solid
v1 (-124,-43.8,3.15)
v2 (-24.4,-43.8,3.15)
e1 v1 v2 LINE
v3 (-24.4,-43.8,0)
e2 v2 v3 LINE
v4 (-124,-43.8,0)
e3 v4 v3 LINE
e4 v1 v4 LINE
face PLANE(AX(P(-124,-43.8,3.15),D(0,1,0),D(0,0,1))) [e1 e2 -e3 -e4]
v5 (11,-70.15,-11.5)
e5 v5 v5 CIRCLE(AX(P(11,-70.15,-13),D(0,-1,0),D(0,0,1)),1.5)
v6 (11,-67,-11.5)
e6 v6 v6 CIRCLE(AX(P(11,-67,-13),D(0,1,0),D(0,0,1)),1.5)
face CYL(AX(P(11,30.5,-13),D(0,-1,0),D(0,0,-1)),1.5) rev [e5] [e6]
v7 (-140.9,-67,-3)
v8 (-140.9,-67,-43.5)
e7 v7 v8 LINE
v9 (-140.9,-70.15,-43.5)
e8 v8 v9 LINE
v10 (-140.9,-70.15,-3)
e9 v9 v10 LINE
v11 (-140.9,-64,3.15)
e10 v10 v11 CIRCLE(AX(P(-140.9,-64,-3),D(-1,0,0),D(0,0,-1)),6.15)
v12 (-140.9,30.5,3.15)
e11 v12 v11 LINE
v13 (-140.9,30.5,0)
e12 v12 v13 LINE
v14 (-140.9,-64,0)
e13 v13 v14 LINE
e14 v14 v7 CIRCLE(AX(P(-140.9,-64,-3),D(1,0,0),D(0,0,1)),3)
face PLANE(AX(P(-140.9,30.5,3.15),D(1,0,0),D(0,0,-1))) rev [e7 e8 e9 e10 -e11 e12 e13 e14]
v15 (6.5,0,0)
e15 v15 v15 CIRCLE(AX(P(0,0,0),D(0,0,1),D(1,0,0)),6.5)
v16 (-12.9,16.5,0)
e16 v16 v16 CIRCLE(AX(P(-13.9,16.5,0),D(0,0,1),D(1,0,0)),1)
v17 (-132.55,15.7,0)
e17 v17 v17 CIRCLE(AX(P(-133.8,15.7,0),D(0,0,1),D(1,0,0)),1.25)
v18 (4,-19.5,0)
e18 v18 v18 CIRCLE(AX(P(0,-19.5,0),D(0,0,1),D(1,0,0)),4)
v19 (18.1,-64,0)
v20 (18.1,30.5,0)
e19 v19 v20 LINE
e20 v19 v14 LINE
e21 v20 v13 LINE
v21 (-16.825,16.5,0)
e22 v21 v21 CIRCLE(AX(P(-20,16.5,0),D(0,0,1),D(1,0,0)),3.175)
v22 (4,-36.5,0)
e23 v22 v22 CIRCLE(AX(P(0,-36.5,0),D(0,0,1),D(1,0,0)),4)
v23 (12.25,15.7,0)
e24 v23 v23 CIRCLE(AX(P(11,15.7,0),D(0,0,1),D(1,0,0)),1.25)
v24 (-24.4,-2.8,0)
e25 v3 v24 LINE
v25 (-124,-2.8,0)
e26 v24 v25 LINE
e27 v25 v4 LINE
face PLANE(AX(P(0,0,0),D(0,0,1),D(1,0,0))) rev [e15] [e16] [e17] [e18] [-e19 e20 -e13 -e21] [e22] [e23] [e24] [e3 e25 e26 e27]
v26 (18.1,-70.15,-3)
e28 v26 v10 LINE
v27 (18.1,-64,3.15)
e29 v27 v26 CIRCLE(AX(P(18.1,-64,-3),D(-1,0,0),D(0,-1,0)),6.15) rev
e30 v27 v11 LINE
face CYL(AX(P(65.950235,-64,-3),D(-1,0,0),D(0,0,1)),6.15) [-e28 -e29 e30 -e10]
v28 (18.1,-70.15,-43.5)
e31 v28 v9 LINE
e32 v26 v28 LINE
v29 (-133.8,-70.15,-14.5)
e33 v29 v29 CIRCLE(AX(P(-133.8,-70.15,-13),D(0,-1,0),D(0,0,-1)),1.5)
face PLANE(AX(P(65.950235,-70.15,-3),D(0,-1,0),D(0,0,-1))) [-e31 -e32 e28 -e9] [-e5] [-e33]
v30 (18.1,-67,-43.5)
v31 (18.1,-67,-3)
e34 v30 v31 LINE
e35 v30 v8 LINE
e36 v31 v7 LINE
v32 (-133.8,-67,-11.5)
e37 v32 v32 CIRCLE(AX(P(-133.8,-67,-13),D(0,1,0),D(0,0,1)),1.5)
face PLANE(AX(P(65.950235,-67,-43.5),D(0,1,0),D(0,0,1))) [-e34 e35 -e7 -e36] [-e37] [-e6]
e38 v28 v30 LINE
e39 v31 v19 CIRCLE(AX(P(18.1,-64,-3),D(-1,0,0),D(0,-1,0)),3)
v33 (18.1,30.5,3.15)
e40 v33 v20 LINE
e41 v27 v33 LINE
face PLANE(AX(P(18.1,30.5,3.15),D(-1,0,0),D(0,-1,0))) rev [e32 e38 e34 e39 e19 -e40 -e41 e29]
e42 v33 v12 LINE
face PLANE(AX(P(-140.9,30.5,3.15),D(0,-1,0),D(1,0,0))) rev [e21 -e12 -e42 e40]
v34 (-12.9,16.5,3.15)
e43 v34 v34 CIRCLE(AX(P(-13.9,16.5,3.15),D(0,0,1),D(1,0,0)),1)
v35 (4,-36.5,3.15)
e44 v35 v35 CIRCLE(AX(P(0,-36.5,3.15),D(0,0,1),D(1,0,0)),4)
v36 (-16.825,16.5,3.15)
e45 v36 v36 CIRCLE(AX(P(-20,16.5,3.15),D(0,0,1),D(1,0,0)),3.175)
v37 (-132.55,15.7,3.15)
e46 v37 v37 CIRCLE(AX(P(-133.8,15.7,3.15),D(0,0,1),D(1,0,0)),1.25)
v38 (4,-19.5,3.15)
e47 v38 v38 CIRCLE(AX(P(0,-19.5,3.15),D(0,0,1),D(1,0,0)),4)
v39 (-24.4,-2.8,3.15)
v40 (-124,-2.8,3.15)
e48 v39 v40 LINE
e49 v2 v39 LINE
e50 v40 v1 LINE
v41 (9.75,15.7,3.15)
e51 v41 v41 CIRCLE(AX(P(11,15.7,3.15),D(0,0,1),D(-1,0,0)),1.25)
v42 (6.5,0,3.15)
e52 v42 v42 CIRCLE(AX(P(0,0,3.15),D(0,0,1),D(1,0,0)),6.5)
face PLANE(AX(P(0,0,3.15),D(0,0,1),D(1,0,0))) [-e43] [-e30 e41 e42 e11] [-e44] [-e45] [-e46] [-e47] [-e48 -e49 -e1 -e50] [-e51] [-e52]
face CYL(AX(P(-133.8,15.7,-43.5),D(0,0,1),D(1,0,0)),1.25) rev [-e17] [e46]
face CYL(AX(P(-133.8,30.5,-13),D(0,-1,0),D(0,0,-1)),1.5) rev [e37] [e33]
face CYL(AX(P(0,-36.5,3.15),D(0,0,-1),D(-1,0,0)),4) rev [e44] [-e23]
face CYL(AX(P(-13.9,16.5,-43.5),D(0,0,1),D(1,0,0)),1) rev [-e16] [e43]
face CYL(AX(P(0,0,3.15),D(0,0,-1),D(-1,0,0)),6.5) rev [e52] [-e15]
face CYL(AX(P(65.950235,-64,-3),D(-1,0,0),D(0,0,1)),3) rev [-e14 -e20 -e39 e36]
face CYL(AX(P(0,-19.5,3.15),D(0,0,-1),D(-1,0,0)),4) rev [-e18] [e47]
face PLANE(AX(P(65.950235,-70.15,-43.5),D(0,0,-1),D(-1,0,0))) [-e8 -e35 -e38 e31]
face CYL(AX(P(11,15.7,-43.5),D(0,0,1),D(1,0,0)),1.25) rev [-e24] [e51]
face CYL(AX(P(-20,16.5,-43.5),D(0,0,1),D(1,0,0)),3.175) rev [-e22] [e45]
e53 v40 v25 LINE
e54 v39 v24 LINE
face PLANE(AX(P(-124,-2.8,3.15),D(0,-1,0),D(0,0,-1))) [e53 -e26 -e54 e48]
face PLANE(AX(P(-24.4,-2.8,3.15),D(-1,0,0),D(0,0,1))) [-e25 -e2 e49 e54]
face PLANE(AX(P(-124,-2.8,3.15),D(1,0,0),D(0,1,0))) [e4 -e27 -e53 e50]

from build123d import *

# Parameters (mm, degrees)
SKETCH22_W          = 159
SKETCH22_H          = 90
SKETCH22_R          = 4
SKETCH22_R_2        = 6.5
SKETCH22_W_2        = 99.6
SKETCH22_H_2        = 41
BOSS_EXTRUDE1_DEPTH = 3.15
BOSS_EXTRUDE2_DEPTH = 159
SKETCH25_R          = 1.25
CUT_EXTRUDE1_DEPTH  = 47.65
SKETCH26_R          = 1.5
CUT_EXTRUDE2_DEPTH  = 101.65
SKETCH28_R          = 3.175
SKETCH28_R_2        = 1
CUT_EXTRUDE3_DEPTH  = 47.65


with BuildPart() as part:
    # Sketch22 → Boss-Extrude1 (new body)
    with BuildSketch(Plane.XY):
        with Locations((-61.4, -14.5)):
            Rectangle(SKETCH22_W, SKETCH22_H)
        with Locations((0, -19.5)):
            Circle(SKETCH22_R, mode=Mode.SUBTRACT)
        with Locations((0, -36.5)):
            Circle(SKETCH22_R, mode=Mode.SUBTRACT)
        Circle(SKETCH22_R_2, mode=Mode.SUBTRACT)
        with Locations((-74.2, -23.3)):
            Rectangle(SKETCH22_W_2, SKETCH22_H_2, mode=Mode.SUBTRACT)
    extrude(amount=BOSS_EXTRUDE1_DEPTH)

    # Sketch23 → Boss-Extrude2 (add)
    with BuildSketch(Plane.ZY.offset(140.9)):
        with BuildLine():
            Line((0, -59.5), (3.15, -59.5))
            Line((3.15, -59.5), (3.15, -64))
            ThreePointArc((3.15, -64), (1.348706704, -68.348706704), (-3, -70.15))
            Line((-3, -70.15), (-43.5, -70.15))
            Line((-43.5, -70.15), (-43.5, -67))
            Line((-43.5, -67), (-3, -67))
            ThreePointArc((-3, -67), (-0.878679656, -66.121320344), (0, -64))
            Line((0, -64), (0, -59.5))
        make_face()
    extrude(amount=-BOSS_EXTRUDE2_DEPTH)

    # Sketch25 → Cut-Extrude1 (cut, through all)
    with BuildSketch(Plane.XY.offset(3.15)):
        with Locations((-133.8, 15.7)):
            Circle(SKETCH25_R)
        with Locations((11, 15.7)):
            Circle(SKETCH25_R)
    extrude(amount=-CUT_EXTRUDE1_DEPTH, mode=Mode.SUBTRACT)

    # Sketch26 → Cut-Extrude2 (cut, through all)
    with BuildSketch(Plane.XZ.offset(70.15)):
        with Locations((-133.8, -13)):
            Circle(SKETCH26_R)
        with Locations((11, -13)):
            Circle(SKETCH26_R)
    extrude(amount=-CUT_EXTRUDE2_DEPTH, mode=Mode.SUBTRACT)

    # Sketch28 → Cut-Extrude3 (cut, through all)
    with BuildSketch(Plane.XY.offset(3.15)):
        with Locations((-20, 16.5)):
            Circle(SKETCH28_R)
        with Locations((-13.9, 16.5)):
            Circle(SKETCH28_R_2)
    extrude(amount=-CUT_EXTRUDE3_DEPTH, mode=Mode.SUBTRACT)


solid = part.part
